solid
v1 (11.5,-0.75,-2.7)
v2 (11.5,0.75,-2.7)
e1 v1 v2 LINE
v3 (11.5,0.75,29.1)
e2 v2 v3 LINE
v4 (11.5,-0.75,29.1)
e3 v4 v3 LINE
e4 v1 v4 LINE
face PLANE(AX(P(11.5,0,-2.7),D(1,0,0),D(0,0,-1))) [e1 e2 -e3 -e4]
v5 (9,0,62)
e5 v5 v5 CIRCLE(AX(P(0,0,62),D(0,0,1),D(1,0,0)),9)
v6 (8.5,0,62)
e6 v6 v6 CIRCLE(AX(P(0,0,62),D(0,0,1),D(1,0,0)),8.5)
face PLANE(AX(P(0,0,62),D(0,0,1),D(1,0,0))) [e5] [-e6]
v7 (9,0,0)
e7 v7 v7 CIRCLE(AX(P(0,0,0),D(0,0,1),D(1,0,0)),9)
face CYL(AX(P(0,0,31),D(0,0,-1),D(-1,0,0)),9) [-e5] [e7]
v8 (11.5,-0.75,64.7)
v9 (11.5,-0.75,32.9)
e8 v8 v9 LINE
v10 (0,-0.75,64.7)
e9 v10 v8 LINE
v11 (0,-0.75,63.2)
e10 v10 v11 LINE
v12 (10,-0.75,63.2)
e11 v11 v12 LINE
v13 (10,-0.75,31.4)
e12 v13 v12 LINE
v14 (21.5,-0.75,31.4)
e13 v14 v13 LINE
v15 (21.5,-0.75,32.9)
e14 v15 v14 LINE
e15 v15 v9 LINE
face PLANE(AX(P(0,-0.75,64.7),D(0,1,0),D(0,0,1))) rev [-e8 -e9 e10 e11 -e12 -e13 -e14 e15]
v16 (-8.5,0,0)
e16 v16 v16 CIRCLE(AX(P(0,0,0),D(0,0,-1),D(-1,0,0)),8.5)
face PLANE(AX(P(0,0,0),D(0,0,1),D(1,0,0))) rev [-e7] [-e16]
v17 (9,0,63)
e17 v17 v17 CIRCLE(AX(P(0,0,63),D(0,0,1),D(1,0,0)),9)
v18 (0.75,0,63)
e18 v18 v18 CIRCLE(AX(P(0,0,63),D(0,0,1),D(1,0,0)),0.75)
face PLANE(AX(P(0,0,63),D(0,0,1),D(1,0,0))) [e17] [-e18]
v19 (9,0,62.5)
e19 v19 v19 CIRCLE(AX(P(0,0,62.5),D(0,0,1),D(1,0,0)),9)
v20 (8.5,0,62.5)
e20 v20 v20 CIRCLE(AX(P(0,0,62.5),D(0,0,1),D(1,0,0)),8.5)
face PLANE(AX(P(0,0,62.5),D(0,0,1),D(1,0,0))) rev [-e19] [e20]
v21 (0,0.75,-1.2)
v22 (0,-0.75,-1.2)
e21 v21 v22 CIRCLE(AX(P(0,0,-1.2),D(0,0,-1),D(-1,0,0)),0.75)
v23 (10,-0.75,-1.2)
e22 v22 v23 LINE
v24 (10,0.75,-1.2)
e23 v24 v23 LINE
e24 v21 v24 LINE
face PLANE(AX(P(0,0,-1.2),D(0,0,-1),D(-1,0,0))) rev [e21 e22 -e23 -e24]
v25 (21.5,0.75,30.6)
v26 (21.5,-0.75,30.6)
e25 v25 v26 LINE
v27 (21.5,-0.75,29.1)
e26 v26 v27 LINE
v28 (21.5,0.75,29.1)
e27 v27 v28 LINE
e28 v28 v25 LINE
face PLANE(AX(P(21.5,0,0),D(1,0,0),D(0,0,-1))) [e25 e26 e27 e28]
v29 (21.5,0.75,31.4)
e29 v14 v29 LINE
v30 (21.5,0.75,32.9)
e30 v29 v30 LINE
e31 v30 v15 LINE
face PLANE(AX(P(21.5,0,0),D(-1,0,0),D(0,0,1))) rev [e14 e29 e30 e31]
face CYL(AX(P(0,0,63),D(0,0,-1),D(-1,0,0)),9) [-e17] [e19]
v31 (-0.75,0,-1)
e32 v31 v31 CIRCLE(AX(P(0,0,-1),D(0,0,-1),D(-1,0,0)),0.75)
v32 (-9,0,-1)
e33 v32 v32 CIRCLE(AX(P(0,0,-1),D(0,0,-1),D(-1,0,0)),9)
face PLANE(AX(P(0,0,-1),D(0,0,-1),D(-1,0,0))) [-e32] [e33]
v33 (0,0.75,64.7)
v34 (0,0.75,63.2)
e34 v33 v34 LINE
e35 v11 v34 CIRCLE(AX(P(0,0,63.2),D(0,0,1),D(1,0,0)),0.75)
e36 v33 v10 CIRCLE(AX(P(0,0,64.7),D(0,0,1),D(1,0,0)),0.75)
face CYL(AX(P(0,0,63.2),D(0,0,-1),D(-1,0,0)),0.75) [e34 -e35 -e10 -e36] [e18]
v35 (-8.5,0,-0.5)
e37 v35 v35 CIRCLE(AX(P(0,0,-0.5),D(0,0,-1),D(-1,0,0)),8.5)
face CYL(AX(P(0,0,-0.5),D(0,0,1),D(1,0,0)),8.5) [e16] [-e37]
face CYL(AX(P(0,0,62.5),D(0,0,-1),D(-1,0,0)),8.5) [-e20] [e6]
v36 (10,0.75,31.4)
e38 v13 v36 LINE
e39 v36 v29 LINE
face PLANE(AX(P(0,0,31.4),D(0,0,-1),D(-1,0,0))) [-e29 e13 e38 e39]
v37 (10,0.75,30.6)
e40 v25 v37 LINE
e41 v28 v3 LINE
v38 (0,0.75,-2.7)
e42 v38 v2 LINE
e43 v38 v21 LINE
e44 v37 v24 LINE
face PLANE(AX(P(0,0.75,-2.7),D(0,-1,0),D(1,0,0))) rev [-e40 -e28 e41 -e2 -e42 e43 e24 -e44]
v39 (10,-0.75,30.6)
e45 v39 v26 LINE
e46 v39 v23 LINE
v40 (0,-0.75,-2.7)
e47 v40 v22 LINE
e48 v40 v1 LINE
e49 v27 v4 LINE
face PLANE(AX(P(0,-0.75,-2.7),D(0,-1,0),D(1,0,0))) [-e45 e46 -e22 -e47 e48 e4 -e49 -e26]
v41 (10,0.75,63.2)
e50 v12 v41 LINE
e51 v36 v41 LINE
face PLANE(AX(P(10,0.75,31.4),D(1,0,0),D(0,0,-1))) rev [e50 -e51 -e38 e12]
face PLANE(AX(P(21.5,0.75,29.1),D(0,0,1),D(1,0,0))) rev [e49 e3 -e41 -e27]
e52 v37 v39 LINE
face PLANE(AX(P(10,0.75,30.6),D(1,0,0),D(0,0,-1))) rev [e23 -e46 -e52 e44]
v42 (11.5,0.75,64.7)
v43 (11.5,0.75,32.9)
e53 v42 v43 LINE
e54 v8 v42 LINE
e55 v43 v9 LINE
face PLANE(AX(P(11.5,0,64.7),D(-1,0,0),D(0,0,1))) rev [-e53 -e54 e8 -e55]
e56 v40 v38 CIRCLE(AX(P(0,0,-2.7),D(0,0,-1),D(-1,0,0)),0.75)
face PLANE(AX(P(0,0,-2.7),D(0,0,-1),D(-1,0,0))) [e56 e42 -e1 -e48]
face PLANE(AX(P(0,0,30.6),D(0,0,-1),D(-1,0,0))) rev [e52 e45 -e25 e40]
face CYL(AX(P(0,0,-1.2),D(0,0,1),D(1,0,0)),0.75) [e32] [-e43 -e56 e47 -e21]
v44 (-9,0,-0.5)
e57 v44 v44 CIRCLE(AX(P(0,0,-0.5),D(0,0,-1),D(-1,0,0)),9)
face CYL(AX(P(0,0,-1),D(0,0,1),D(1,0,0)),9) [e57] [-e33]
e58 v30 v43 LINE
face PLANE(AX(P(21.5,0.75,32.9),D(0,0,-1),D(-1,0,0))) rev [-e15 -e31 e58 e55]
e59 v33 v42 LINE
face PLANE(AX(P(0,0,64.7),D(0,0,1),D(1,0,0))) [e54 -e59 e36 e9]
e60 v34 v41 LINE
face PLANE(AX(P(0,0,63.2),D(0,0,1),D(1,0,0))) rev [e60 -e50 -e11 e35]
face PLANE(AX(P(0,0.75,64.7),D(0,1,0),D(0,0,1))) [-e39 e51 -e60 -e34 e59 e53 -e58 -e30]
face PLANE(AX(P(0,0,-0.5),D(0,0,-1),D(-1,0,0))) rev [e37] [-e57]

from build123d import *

# Parameters (mm, degrees)
ESQUISSE1_R         = 9
BOSS_EXTRU_1_DEPTH  = 31
ESQUISSE3_R         = 8.5
BOSS_EXTRU_2_DEPTH  = 0.5
BOSS_EXTRU_3_START  = 0.5
ESQUISSE4_R         = 9
BOSS_EXTRU_3_DEPTH  = 0.5
ESQUISSE5_R         = 0.75
BOSS_EXTRU_4_DEPTH  = 0.2
BOSS_EXTRU_5_DEPTH  = 1.5
ESQUISSE7_W         = 1.5
ESQUISSE7_H         = 1.5
BOSS_EXTRU_6_DEPTH  = 31.8
ESQUISSE8_W         = 1.5
ESQUISSE8_H         = 1.5
BOSS_EXTRU_7_DEPTH  = 10
ESQUISSE10_R        = 9
BOSS_EXTRU_8_DEPTH  = 31
BOSS_EXTRU_9_START  = 0.5
ESQUISSE11_R        = 8.5
BOSS_EXTRU_9_DEPTH  = 0.5
ESQUISSE12_R        = 9
BOSS_EXTRU_10_DEPTH = 0.5
BOSS_EXTRU_11_START = 0.2
ESQUISSE13_R        = 0.75
BOSS_EXTRU_11_DEPTH = 0.2
BOSS_EXTRU_12_START = 1.5
BOSS_EXTRU_12_DEPTH = 1.5
ESQUISSE16_W        = 1.5
ESQUISSE16_H        = 1.5
BOSS_EXTRU_13_DEPTH = 31.8
ESQUISSE17_W        = 1.5
ESQUISSE17_H        = 1.5
BOSS_EXTRU_14_DEPTH = 10


with BuildPart() as part:
    # Esquisse1 → Boss.-Extru.1 (new body)
    with BuildSketch(Plane.XY):
        Circle(ESQUISSE1_R)
    extrude(amount=BOSS_EXTRU_1_DEPTH)

    # Esquisse3 → Boss.-Extru.2 (add)
    with BuildSketch(Plane(origin=(0, 0, 0), x_dir=(-1, 0, 0), z_dir=(0, 0, -1))):
        Circle(ESQUISSE3_R)
    extrude(amount=BOSS_EXTRU_2_DEPTH)

    # Esquisse4 → Boss.-Extru.3 (add)
    with BuildSketch(Plane(origin=(0, 0, -0.5), x_dir=(-1, 0, 0), z_dir=(0, 0, -1)).offset(BOSS_EXTRU_3_START)):
        with Locations(Location((0, 0, 0), (0, 0, 180))):
            Circle(ESQUISSE4_R)
    extrude(amount=-BOSS_EXTRU_3_DEPTH)

    # Esquisse5 → Boss.-Extru.4 (add)
    with BuildSketch(Plane(origin=(0, 0, -1), x_dir=(-1, 0, 0), z_dir=(0, 0, -1))):
        Circle(ESQUISSE5_R)
    extrude(amount=BOSS_EXTRU_4_DEPTH)

    # Esquisse6 → Boss.-Extru.5 (add)
    with BuildSketch(Plane(origin=(0, 0, -1.2), x_dir=(-1, 0, 0), z_dir=(0, 0, -1))):
        with BuildLine():
            Line((-11.5, -0.75), (0, -0.75))
            ThreePointArc((0, -0.75), (-0.75, 0), (0, 0.75))
            Line((0, 0.75), (-11.5, 0.75))
            Line((-11.5, 0.75), (-11.5, -0.75))
        make_face()
        with BuildLine():
            ThreePointArc((0, 0.75), (-0.75, 0), (0, -0.75))
            Line((0, -0.75), (0, 0.75))
        make_face()
        with BuildLine():
            Line((0, 0.75), (0, -0.75))
            ThreePointArc((0, -0.75), (0.530330086, -0.530330086), (0.75, 0))
            ThreePointArc((0.75, 0), (0.530330086, 0.530330086), (0, 0.75))
        make_face()
    extrude(amount=BOSS_EXTRU_5_DEPTH)

    # Esquisse7 → Boss.-Extru.6 (add)
    with BuildSketch(Plane.XY.offset(-1.2)):
        with Locations((10.75, 0)):
            Rectangle(ESQUISSE7_W, ESQUISSE7_H)
    extrude(amount=BOSS_EXTRU_6_DEPTH)

    # Esquisse8 → Boss.-Extru.7 (add)
    with BuildSketch(Plane(origin=(11.5, 0, 0), x_dir=(0, 0, -1), z_dir=(1, 0, 0))):
        with Locations((-29.85, 0)):
            Rectangle(ESQUISSE8_W, ESQUISSE8_H)
    extrude(amount=BOSS_EXTRU_7_DEPTH)

    # Esquisse10 → Boss.-Extru.8 (add)
    with BuildSketch(Plane.XY.offset(31)):
        Circle(ESQUISSE10_R)
    extrude(amount=BOSS_EXTRU_8_DEPTH)

    # Esquisse11 → Boss.-Extru.9 (add)
    with BuildSketch(Plane.XY.offset(62).offset(BOSS_EXTRU_9_START)):
        with Locations(Location((0, 0, 0), (0, 0, 180))):
            Circle(ESQUISSE11_R)
    extrude(amount=-BOSS_EXTRU_9_DEPTH)

    # Esquisse12 → Boss.-Extru.10 (add)
    with BuildSketch(Plane.XY.offset(62.5)):
        Circle(ESQUISSE12_R)
    extrude(amount=BOSS_EXTRU_10_DEPTH)

    # Esquisse13 → Boss.-Extru.11 (add)
    with BuildSketch(Plane.XY.offset(63).offset(BOSS_EXTRU_11_START)):
        with Locations(Location((0, 0, 0), (0, 0, 90))):
            Circle(ESQUISSE13_R)
    extrude(amount=-BOSS_EXTRU_11_DEPTH)

    # Esquisse15 → Boss.-Extru.12 (add)
    with BuildSketch(Plane.XY.offset(63.2).offset(BOSS_EXTRU_12_START)):
        with BuildLine():
            ThreePointArc((0.75, 0), (0.530330086, -0.530330086), (0, -0.75))
            Line((0, -0.75), (11.5, -0.75))
            Line((11.5, -0.75), (11.5, 0.75))
            Line((11.5, 0.75), (0, 0.75))
            ThreePointArc((0, 0.75), (0.530330086, 0.530330086), (0.75, 0))
        make_face()
        with BuildLine():
            ThreePointArc((0, 0.75), (-0.75, 0), (0, -0.75))
            Line((0, -0.75), (0, 0.75))
        make_face()
        with BuildLine():
            Line((0, 0.75), (0, -0.75))
            ThreePointArc((0, -0.75), (0.530330086, -0.530330086), (0.75, 0))
            ThreePointArc((0.75, 0), (0.530330086, 0.530330086), (0, 0.75))
        make_face()
    extrude(amount=-BOSS_EXTRU_12_DEPTH)

    # Esquisse16 → Boss.-Extru.13 (add)
    with BuildSketch(Plane(origin=(0, 0, 63.2), x_dir=(-1, 0, 0), z_dir=(0, 0, -1))):
        with Locations((-10.75, 0)):
            Rectangle(ESQUISSE16_W, ESQUISSE16_H)
    extrude(amount=BOSS_EXTRU_13_DEPTH)

    # Esquisse17 → Boss.-Extru.14 (add)
    with BuildSketch(Plane(origin=(11.5, 0, 0), x_dir=(0, 0, -1), z_dir=(1, 0, 0))):
        with Locations((-32.15, 0)):
            Rectangle(ESQUISSE17_W, ESQUISSE17_H)
    extrude(amount=BOSS_EXTRU_14_DEPTH)


solid = part.part
